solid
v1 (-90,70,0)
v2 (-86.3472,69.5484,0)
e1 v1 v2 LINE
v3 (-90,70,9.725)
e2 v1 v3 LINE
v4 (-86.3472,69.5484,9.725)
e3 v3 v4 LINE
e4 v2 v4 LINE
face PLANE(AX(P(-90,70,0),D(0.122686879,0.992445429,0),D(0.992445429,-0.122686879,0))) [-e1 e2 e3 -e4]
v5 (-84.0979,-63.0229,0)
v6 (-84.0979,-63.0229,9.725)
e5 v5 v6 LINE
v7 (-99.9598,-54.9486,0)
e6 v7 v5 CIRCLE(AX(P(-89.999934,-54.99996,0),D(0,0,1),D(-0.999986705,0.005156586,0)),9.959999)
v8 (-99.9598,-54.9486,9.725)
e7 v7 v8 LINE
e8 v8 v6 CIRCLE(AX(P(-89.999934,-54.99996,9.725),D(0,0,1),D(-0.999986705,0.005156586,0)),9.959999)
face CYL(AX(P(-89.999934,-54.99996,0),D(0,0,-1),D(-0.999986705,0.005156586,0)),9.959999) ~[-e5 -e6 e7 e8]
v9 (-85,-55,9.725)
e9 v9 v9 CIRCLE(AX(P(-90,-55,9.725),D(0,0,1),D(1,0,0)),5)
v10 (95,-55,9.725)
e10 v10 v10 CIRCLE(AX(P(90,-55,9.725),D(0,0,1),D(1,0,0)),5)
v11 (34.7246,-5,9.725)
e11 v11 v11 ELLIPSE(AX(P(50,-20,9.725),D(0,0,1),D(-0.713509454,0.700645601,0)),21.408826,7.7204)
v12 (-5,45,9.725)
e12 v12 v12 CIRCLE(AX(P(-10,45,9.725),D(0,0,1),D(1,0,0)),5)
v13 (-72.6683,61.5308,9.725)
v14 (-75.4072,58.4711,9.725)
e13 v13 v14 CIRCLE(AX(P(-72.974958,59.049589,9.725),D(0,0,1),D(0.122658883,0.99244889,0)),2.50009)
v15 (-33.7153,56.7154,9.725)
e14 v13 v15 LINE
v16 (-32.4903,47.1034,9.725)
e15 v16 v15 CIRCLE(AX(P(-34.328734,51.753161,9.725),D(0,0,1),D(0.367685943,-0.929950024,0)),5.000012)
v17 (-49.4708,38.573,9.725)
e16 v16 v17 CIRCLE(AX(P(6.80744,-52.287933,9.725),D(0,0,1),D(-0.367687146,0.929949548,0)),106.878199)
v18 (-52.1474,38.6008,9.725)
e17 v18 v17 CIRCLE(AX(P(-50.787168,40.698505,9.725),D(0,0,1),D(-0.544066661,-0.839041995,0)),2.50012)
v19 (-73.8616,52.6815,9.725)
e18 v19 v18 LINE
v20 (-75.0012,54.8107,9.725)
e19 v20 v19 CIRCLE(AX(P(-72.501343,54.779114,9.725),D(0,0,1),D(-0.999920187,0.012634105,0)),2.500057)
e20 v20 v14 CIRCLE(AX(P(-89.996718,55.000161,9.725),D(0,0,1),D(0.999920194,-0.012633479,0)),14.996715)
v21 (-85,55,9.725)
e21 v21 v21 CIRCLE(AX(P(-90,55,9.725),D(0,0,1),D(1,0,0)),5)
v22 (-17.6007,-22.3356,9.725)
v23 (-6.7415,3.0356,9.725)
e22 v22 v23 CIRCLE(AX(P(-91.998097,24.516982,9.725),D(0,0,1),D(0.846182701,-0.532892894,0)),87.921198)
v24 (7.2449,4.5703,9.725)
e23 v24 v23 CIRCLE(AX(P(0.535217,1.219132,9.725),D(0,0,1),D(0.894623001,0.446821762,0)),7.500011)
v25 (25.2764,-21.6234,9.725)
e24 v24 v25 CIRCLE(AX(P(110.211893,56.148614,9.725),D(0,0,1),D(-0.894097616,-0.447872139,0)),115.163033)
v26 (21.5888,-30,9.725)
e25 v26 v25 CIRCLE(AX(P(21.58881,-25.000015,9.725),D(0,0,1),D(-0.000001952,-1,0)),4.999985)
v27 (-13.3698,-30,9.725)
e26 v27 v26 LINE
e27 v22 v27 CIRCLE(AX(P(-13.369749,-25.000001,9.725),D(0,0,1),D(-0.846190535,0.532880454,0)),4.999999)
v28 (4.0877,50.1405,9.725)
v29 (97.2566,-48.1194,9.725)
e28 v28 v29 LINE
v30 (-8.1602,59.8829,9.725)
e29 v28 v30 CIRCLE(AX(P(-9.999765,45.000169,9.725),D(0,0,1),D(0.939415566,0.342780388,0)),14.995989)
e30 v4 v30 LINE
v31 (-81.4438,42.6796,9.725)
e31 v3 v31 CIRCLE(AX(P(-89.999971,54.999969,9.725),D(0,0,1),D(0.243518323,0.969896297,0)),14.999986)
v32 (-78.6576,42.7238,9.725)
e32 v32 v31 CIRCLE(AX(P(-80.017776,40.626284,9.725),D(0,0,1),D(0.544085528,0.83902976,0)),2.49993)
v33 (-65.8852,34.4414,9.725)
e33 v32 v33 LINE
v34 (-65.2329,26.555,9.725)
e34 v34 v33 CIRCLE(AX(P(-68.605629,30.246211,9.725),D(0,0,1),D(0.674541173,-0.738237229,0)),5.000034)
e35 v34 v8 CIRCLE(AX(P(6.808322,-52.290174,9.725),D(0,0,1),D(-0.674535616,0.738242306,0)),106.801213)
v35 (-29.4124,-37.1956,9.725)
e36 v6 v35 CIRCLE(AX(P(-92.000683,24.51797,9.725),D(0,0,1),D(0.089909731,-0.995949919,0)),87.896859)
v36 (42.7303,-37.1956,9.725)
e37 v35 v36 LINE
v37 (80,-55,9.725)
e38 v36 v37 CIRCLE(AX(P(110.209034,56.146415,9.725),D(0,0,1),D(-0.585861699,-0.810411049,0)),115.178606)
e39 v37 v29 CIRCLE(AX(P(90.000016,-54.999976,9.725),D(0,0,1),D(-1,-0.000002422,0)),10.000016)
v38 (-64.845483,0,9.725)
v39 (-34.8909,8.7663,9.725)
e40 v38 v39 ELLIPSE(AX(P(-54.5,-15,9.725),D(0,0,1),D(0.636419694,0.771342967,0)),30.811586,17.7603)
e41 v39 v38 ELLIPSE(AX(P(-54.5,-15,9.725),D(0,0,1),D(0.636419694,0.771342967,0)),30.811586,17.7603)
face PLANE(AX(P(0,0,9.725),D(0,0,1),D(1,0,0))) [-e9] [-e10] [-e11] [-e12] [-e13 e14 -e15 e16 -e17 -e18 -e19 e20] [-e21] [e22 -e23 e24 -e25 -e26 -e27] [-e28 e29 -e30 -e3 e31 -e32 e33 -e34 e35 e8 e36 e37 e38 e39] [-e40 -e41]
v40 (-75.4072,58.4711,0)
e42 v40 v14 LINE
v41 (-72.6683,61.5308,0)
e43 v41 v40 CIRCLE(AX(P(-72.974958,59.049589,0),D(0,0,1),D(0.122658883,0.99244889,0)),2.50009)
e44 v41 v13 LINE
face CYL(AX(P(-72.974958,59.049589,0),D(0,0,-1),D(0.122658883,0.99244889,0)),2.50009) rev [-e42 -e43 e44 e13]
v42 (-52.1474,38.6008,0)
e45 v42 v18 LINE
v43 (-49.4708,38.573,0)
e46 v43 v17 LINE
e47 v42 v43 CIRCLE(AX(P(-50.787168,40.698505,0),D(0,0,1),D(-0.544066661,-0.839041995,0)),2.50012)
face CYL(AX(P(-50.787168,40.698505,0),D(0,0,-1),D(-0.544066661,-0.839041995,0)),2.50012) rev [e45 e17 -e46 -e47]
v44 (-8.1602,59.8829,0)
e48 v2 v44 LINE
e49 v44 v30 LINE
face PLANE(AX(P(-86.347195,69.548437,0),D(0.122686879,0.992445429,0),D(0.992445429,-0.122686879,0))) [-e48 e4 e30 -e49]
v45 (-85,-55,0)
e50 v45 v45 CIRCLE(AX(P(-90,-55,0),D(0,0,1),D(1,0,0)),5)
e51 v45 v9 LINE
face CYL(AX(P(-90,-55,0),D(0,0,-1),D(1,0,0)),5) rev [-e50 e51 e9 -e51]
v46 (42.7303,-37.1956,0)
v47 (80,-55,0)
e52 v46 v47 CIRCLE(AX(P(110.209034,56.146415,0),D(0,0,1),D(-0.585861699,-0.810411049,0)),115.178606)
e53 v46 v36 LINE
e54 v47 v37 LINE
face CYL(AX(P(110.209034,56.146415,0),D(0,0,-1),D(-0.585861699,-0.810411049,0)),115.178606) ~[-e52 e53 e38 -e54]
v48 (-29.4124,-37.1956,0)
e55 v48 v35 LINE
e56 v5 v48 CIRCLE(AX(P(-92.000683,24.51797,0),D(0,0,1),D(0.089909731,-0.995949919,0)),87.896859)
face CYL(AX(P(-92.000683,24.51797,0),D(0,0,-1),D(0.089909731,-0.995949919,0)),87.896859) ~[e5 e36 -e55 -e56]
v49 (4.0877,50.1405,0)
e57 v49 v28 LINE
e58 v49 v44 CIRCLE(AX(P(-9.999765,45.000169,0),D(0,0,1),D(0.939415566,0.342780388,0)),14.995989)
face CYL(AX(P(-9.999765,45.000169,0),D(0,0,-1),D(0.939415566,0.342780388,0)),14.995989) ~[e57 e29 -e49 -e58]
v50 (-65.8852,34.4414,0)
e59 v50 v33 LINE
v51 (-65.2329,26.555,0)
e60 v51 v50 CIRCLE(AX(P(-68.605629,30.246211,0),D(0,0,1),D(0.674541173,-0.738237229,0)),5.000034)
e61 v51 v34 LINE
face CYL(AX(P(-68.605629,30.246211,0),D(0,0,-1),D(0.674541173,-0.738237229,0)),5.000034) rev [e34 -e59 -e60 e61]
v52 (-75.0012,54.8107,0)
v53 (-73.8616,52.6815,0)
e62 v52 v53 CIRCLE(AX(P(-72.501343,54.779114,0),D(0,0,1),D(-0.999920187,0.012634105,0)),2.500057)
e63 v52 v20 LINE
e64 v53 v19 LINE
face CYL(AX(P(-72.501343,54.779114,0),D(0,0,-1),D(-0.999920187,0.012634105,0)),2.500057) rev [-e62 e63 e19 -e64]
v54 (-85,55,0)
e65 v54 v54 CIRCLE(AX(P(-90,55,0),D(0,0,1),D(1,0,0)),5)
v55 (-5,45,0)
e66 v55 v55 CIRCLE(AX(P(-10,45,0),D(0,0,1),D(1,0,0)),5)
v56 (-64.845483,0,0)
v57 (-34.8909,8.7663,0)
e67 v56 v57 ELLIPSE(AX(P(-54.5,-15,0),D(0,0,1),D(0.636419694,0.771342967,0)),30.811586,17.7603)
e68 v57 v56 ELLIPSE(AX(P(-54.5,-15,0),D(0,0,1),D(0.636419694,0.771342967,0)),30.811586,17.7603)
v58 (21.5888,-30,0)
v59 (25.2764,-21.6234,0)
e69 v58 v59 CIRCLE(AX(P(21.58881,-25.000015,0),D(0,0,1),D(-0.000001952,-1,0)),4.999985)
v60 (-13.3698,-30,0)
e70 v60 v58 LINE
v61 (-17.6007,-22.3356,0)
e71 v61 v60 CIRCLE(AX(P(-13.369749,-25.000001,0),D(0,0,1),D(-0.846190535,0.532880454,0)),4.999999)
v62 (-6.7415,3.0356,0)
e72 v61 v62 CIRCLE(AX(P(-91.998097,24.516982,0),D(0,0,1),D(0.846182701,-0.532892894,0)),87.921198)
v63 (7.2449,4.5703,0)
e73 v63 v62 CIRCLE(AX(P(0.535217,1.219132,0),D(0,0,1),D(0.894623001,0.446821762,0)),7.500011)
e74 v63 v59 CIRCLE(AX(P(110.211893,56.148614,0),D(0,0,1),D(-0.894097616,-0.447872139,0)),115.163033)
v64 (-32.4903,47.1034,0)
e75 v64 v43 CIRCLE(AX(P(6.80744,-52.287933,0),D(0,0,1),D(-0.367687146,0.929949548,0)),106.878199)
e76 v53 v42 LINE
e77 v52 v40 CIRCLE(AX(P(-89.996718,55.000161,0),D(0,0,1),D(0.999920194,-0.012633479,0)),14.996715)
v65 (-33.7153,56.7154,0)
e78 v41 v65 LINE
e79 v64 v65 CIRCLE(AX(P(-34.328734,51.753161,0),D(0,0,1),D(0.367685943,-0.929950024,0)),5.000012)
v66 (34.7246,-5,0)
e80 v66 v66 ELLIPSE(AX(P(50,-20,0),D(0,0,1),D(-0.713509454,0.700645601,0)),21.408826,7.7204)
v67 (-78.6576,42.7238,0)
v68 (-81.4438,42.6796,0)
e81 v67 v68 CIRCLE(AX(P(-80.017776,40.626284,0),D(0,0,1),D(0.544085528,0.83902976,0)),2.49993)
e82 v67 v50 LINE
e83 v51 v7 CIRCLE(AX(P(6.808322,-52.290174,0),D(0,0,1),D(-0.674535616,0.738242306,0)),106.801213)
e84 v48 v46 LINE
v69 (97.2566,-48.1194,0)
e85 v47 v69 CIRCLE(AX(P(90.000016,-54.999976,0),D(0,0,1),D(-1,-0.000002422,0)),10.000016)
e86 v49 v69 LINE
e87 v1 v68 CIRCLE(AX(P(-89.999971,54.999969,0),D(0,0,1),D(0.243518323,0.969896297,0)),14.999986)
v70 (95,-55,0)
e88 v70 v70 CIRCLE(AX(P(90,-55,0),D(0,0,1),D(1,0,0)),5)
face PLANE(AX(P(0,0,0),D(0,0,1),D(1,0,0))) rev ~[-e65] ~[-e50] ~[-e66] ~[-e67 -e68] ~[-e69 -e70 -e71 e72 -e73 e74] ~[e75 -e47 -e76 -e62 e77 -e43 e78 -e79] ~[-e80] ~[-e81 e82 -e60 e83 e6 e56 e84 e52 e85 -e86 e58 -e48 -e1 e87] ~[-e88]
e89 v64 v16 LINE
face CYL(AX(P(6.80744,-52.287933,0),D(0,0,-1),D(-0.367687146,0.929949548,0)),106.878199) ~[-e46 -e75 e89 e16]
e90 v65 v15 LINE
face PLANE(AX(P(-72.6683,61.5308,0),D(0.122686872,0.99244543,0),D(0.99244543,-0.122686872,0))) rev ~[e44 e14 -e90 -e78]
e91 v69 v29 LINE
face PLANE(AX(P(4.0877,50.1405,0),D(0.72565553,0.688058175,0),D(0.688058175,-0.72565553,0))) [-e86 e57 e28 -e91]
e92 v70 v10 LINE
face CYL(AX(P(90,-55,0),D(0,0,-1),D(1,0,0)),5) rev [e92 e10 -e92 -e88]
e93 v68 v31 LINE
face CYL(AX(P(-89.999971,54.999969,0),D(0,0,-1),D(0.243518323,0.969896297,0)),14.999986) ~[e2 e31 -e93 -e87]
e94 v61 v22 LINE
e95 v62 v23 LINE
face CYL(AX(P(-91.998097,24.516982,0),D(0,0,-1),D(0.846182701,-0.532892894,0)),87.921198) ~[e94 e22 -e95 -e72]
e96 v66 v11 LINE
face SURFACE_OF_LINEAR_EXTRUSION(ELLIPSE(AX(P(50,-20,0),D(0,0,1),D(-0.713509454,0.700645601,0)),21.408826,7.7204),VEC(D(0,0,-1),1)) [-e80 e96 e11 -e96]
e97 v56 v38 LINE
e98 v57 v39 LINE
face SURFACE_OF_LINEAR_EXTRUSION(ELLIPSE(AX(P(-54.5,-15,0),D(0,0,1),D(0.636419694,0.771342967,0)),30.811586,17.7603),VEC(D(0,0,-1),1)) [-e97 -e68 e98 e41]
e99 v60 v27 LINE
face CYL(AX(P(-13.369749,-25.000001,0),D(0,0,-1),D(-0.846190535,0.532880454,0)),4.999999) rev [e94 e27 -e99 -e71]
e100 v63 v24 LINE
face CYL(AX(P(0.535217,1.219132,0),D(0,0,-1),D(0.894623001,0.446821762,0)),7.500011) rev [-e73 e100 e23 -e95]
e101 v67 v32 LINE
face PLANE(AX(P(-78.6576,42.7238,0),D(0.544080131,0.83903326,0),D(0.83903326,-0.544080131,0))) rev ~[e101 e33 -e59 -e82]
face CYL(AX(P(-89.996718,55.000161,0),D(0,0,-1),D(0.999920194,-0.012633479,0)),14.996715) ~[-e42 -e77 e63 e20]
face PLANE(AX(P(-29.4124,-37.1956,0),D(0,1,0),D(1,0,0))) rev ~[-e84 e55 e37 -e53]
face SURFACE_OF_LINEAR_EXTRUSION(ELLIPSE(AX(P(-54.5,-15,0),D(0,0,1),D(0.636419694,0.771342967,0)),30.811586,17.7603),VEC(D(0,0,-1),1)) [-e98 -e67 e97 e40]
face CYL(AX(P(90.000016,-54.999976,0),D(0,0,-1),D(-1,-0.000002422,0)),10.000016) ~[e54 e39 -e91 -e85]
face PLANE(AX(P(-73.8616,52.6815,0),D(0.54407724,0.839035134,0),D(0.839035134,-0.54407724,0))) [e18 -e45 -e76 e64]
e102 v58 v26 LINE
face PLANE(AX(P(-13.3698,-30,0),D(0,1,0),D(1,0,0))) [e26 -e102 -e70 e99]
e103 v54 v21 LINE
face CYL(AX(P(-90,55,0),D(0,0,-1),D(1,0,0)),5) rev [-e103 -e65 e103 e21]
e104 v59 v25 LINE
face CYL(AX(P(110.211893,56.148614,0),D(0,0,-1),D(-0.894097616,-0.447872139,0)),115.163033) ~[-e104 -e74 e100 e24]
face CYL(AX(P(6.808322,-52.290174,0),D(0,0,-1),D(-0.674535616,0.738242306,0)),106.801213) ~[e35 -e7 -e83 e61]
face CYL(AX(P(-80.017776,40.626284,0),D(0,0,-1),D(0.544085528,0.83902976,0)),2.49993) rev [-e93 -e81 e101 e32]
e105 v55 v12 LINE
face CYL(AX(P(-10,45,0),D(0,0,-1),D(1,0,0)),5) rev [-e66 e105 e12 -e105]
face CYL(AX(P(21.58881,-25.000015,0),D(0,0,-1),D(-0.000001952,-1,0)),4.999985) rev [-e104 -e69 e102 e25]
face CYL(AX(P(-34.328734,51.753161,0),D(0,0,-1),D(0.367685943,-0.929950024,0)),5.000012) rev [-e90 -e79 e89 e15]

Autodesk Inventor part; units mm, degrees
ref_plane "YZ Plane" through (0, 0, 0) normal (1, 0, 0) x (0, 1, 0)
ref_plane "XZ Plane" through (0, 0, 0) normal (0, 1, 0) x (-1, 0, 0)
ref_plane "XY Plane" through (0, 0, 0) normal (0, 0, 1) x (1, 0, 0)
sketch "Sketch1" plane through (0, 0, 0) normal (0, 0, 1) x (1, 0, 0)
  line L0 (-110, 75) -> (110, 75)
  line L1 (110, 75) -> (110, -75)
  line L2 (110, -75) -> (-110, -75)
  line L3 (-110, -75) -> (-110, 75)
  circle A0 centre (-90, 55) radius 5
  circle A1 centre (-90, -55) radius 5
  circle A2 centre (-10, 45) radius 5
  circle A3 centre (90, -55) radius 5
  line L4 (-67, 0) -> (-42, 0)
  line L5 (-42, 0) -> (-42, -30) construction
  line L6 (-42, -30) -> (-67, -30) construction
  line L7 (-67, -30) -> (-67, 0) construction
  line L8 (40, -10) -> (60, -10) construction
  line L9 (60, -10) -> (60, -30) construction
  line L10 (60, -30) -> (40, -30) construction
  line L11 (40, -30) -> (40, -10) construction
  arc A4 (80, -55) -> (97.2566, -48.1194) centre (90, -55) ccw
  line L12 (-78.6576, 42.7238) -> (-65.8852, 34.4414)
  line L13 (-73.8616, 52.6815) -> (-52.1474, 38.6008)
  arc A5 (-32.4903, 47.1034) -> (-49.4708, 38.573) centre (6.8085, -52.2903) ccw
  arc A6 (-65.2329, 26.555) -> (-99.9598, -54.9486) centre (6.8085, -52.2903) ccw
  arc A7 (4.0877, 50.1405) -> (-8.1602, 59.8829) centre (-10, 45) ccw
  arc A8 (-99.9598, -54.9486) -> (-84.0979, -63.0229) centre (-90, -55) ccw
  arc A9 (-65.2329, 26.555) -> (-65.8852, 34.4414) centre (-68.6056, 30.2462) ccw
  arc A10 (-78.6576, 42.7238) -> (-81.4438, 42.6796) centre (-80.0178, 40.6262) ccw
  arc A11 (-75.0012, 54.8107) -> (-73.8616, 52.6815) centre (-72.5014, 54.7791) ccw
  arc A12 (-52.1474, 38.6008) -> (-49.4708, 38.573) centre (-50.7872, 40.6984) ccw
  line L14 (4.0877, 50.1405) -> (97.2566, -48.1194)
  line L15 (-90, 70) -> (-8.1602, 59.8829)
  line L16 (-72.6683, 61.5308) -> (-33.7153, 56.7154)
  arc A13 (-72.6683, 61.5308) -> (-75.4072, 58.4711) centre (-72.975, 59.0497) ccw
  arc A14 (-32.4903, 47.1034) -> (-33.7153, 56.7154) centre (-34.3288, 51.7532) ccw
  arc A15 (-75.0012, 54.8107) -> (-75.4072, 58.4711) centre (-90, 55) ccw
  arc A16 (-86.3472, 69.5484) -> (-81.4438, 42.6796) centre (-90, 55) ccw
  arc A17 (7.2449, 4.5703) -> (-6.7415, 3.0356) centre (0.5352, 1.2191) ccw
  circle A18 centre (-54.5, -15) radius 10 construction
  ellipse E0 centre (-54.5, -15) end of major axis (-34.8909, 8.7663) minor radius 17.7603
  ellipse E1 centre (50, -20) end of major axis (34.7246, -5) minor radius 7.7204
  circle A19 centre (43.0635, -13.1154) radius 3 construction
  circle A20 centre (47.4663, -17.5409) radius 3 construction
  circle A21 centre (51.9204, -22.0998) radius 3 construction
  circle A22 centre (56.7938, -26.2396) radius 3 construction
  line L17 (-13.3698, -30) -> (21.5888, -30)
  line L18 (-29.4124, -37.1956) -> (42.7303, -37.1956)
  arc A23 (-84.0979, -63.0229) -> (-29.4124, -37.1956) centre (-92.0008, 24.5184) ccw
  arc A24 (-17.6007, -22.3356) -> (-6.7415, 3.0356) centre (-92.0008, 24.5184) ccw
  arc A25 (7.2449, 4.5703) -> (25.2764, -21.6234) centre (110.2095, 56.1472) ccw
  arc A26 (42.7303, -37.1956) -> (80, -55) centre (110.2095, 56.1472) ccw
  arc A27 (-17.6007, -22.3356) -> (-13.3698, -30) centre (-13.3698, -25) ccw
  arc A28 (21.5888, -30) -> (25.2764, -21.6234) centre (21.5888, -25) ccw
  point P0 (0, 0)
  dimension "d0" = 220
  dimension "d1" = 150
  dimension "d6" = 10
  dimension "d8" = 55
  dimension "d9" = 10
  dimension "d10" = 10
  dimension "d11" = 10
  dimension "d15" = 90
  dimension "d16" = 90
  dimension "d17" = 55
  dimension "d19" = 75
  dimension "d21" = 0
  dimension "d26" = 20
  dimension "d27" = 10
  dimension "d30" = 55
  dimension "d95" = 10
  dimension "d96" = 45
  dimension "d97" = 90
  dimension "d100" = 20
  dimension "d101" = 42
  dimension "d102" = 30
  dimension "d103" = 25
  dimension "d104" = 20
  dimension "d105" = 50
  dimension "d106" = 40
  dimension "d112" = 10
  dimension "d113" = 5
  dimension "d114" = 5
  dimension "d115" = 5
  dimension "d125" = 5
  dimension "d126" = 10
  dimension "d131" = 15
  dimension "d132" = 20
  dimension "d133" = 6
  dimension "d134" = 6
  dimension "d135" = 6
  dimension "d136" = 6
  dimension "d139" = 10
  dimension "d140" = 10
extrude "Extrusion22" add sketch "Sketch1" along normal blind 9.725 contours A26 L18 A23 A8 A6 A9 L12 A10 A16 L15 A7 L14 A4
properties part number "Bracket Design MK29"
